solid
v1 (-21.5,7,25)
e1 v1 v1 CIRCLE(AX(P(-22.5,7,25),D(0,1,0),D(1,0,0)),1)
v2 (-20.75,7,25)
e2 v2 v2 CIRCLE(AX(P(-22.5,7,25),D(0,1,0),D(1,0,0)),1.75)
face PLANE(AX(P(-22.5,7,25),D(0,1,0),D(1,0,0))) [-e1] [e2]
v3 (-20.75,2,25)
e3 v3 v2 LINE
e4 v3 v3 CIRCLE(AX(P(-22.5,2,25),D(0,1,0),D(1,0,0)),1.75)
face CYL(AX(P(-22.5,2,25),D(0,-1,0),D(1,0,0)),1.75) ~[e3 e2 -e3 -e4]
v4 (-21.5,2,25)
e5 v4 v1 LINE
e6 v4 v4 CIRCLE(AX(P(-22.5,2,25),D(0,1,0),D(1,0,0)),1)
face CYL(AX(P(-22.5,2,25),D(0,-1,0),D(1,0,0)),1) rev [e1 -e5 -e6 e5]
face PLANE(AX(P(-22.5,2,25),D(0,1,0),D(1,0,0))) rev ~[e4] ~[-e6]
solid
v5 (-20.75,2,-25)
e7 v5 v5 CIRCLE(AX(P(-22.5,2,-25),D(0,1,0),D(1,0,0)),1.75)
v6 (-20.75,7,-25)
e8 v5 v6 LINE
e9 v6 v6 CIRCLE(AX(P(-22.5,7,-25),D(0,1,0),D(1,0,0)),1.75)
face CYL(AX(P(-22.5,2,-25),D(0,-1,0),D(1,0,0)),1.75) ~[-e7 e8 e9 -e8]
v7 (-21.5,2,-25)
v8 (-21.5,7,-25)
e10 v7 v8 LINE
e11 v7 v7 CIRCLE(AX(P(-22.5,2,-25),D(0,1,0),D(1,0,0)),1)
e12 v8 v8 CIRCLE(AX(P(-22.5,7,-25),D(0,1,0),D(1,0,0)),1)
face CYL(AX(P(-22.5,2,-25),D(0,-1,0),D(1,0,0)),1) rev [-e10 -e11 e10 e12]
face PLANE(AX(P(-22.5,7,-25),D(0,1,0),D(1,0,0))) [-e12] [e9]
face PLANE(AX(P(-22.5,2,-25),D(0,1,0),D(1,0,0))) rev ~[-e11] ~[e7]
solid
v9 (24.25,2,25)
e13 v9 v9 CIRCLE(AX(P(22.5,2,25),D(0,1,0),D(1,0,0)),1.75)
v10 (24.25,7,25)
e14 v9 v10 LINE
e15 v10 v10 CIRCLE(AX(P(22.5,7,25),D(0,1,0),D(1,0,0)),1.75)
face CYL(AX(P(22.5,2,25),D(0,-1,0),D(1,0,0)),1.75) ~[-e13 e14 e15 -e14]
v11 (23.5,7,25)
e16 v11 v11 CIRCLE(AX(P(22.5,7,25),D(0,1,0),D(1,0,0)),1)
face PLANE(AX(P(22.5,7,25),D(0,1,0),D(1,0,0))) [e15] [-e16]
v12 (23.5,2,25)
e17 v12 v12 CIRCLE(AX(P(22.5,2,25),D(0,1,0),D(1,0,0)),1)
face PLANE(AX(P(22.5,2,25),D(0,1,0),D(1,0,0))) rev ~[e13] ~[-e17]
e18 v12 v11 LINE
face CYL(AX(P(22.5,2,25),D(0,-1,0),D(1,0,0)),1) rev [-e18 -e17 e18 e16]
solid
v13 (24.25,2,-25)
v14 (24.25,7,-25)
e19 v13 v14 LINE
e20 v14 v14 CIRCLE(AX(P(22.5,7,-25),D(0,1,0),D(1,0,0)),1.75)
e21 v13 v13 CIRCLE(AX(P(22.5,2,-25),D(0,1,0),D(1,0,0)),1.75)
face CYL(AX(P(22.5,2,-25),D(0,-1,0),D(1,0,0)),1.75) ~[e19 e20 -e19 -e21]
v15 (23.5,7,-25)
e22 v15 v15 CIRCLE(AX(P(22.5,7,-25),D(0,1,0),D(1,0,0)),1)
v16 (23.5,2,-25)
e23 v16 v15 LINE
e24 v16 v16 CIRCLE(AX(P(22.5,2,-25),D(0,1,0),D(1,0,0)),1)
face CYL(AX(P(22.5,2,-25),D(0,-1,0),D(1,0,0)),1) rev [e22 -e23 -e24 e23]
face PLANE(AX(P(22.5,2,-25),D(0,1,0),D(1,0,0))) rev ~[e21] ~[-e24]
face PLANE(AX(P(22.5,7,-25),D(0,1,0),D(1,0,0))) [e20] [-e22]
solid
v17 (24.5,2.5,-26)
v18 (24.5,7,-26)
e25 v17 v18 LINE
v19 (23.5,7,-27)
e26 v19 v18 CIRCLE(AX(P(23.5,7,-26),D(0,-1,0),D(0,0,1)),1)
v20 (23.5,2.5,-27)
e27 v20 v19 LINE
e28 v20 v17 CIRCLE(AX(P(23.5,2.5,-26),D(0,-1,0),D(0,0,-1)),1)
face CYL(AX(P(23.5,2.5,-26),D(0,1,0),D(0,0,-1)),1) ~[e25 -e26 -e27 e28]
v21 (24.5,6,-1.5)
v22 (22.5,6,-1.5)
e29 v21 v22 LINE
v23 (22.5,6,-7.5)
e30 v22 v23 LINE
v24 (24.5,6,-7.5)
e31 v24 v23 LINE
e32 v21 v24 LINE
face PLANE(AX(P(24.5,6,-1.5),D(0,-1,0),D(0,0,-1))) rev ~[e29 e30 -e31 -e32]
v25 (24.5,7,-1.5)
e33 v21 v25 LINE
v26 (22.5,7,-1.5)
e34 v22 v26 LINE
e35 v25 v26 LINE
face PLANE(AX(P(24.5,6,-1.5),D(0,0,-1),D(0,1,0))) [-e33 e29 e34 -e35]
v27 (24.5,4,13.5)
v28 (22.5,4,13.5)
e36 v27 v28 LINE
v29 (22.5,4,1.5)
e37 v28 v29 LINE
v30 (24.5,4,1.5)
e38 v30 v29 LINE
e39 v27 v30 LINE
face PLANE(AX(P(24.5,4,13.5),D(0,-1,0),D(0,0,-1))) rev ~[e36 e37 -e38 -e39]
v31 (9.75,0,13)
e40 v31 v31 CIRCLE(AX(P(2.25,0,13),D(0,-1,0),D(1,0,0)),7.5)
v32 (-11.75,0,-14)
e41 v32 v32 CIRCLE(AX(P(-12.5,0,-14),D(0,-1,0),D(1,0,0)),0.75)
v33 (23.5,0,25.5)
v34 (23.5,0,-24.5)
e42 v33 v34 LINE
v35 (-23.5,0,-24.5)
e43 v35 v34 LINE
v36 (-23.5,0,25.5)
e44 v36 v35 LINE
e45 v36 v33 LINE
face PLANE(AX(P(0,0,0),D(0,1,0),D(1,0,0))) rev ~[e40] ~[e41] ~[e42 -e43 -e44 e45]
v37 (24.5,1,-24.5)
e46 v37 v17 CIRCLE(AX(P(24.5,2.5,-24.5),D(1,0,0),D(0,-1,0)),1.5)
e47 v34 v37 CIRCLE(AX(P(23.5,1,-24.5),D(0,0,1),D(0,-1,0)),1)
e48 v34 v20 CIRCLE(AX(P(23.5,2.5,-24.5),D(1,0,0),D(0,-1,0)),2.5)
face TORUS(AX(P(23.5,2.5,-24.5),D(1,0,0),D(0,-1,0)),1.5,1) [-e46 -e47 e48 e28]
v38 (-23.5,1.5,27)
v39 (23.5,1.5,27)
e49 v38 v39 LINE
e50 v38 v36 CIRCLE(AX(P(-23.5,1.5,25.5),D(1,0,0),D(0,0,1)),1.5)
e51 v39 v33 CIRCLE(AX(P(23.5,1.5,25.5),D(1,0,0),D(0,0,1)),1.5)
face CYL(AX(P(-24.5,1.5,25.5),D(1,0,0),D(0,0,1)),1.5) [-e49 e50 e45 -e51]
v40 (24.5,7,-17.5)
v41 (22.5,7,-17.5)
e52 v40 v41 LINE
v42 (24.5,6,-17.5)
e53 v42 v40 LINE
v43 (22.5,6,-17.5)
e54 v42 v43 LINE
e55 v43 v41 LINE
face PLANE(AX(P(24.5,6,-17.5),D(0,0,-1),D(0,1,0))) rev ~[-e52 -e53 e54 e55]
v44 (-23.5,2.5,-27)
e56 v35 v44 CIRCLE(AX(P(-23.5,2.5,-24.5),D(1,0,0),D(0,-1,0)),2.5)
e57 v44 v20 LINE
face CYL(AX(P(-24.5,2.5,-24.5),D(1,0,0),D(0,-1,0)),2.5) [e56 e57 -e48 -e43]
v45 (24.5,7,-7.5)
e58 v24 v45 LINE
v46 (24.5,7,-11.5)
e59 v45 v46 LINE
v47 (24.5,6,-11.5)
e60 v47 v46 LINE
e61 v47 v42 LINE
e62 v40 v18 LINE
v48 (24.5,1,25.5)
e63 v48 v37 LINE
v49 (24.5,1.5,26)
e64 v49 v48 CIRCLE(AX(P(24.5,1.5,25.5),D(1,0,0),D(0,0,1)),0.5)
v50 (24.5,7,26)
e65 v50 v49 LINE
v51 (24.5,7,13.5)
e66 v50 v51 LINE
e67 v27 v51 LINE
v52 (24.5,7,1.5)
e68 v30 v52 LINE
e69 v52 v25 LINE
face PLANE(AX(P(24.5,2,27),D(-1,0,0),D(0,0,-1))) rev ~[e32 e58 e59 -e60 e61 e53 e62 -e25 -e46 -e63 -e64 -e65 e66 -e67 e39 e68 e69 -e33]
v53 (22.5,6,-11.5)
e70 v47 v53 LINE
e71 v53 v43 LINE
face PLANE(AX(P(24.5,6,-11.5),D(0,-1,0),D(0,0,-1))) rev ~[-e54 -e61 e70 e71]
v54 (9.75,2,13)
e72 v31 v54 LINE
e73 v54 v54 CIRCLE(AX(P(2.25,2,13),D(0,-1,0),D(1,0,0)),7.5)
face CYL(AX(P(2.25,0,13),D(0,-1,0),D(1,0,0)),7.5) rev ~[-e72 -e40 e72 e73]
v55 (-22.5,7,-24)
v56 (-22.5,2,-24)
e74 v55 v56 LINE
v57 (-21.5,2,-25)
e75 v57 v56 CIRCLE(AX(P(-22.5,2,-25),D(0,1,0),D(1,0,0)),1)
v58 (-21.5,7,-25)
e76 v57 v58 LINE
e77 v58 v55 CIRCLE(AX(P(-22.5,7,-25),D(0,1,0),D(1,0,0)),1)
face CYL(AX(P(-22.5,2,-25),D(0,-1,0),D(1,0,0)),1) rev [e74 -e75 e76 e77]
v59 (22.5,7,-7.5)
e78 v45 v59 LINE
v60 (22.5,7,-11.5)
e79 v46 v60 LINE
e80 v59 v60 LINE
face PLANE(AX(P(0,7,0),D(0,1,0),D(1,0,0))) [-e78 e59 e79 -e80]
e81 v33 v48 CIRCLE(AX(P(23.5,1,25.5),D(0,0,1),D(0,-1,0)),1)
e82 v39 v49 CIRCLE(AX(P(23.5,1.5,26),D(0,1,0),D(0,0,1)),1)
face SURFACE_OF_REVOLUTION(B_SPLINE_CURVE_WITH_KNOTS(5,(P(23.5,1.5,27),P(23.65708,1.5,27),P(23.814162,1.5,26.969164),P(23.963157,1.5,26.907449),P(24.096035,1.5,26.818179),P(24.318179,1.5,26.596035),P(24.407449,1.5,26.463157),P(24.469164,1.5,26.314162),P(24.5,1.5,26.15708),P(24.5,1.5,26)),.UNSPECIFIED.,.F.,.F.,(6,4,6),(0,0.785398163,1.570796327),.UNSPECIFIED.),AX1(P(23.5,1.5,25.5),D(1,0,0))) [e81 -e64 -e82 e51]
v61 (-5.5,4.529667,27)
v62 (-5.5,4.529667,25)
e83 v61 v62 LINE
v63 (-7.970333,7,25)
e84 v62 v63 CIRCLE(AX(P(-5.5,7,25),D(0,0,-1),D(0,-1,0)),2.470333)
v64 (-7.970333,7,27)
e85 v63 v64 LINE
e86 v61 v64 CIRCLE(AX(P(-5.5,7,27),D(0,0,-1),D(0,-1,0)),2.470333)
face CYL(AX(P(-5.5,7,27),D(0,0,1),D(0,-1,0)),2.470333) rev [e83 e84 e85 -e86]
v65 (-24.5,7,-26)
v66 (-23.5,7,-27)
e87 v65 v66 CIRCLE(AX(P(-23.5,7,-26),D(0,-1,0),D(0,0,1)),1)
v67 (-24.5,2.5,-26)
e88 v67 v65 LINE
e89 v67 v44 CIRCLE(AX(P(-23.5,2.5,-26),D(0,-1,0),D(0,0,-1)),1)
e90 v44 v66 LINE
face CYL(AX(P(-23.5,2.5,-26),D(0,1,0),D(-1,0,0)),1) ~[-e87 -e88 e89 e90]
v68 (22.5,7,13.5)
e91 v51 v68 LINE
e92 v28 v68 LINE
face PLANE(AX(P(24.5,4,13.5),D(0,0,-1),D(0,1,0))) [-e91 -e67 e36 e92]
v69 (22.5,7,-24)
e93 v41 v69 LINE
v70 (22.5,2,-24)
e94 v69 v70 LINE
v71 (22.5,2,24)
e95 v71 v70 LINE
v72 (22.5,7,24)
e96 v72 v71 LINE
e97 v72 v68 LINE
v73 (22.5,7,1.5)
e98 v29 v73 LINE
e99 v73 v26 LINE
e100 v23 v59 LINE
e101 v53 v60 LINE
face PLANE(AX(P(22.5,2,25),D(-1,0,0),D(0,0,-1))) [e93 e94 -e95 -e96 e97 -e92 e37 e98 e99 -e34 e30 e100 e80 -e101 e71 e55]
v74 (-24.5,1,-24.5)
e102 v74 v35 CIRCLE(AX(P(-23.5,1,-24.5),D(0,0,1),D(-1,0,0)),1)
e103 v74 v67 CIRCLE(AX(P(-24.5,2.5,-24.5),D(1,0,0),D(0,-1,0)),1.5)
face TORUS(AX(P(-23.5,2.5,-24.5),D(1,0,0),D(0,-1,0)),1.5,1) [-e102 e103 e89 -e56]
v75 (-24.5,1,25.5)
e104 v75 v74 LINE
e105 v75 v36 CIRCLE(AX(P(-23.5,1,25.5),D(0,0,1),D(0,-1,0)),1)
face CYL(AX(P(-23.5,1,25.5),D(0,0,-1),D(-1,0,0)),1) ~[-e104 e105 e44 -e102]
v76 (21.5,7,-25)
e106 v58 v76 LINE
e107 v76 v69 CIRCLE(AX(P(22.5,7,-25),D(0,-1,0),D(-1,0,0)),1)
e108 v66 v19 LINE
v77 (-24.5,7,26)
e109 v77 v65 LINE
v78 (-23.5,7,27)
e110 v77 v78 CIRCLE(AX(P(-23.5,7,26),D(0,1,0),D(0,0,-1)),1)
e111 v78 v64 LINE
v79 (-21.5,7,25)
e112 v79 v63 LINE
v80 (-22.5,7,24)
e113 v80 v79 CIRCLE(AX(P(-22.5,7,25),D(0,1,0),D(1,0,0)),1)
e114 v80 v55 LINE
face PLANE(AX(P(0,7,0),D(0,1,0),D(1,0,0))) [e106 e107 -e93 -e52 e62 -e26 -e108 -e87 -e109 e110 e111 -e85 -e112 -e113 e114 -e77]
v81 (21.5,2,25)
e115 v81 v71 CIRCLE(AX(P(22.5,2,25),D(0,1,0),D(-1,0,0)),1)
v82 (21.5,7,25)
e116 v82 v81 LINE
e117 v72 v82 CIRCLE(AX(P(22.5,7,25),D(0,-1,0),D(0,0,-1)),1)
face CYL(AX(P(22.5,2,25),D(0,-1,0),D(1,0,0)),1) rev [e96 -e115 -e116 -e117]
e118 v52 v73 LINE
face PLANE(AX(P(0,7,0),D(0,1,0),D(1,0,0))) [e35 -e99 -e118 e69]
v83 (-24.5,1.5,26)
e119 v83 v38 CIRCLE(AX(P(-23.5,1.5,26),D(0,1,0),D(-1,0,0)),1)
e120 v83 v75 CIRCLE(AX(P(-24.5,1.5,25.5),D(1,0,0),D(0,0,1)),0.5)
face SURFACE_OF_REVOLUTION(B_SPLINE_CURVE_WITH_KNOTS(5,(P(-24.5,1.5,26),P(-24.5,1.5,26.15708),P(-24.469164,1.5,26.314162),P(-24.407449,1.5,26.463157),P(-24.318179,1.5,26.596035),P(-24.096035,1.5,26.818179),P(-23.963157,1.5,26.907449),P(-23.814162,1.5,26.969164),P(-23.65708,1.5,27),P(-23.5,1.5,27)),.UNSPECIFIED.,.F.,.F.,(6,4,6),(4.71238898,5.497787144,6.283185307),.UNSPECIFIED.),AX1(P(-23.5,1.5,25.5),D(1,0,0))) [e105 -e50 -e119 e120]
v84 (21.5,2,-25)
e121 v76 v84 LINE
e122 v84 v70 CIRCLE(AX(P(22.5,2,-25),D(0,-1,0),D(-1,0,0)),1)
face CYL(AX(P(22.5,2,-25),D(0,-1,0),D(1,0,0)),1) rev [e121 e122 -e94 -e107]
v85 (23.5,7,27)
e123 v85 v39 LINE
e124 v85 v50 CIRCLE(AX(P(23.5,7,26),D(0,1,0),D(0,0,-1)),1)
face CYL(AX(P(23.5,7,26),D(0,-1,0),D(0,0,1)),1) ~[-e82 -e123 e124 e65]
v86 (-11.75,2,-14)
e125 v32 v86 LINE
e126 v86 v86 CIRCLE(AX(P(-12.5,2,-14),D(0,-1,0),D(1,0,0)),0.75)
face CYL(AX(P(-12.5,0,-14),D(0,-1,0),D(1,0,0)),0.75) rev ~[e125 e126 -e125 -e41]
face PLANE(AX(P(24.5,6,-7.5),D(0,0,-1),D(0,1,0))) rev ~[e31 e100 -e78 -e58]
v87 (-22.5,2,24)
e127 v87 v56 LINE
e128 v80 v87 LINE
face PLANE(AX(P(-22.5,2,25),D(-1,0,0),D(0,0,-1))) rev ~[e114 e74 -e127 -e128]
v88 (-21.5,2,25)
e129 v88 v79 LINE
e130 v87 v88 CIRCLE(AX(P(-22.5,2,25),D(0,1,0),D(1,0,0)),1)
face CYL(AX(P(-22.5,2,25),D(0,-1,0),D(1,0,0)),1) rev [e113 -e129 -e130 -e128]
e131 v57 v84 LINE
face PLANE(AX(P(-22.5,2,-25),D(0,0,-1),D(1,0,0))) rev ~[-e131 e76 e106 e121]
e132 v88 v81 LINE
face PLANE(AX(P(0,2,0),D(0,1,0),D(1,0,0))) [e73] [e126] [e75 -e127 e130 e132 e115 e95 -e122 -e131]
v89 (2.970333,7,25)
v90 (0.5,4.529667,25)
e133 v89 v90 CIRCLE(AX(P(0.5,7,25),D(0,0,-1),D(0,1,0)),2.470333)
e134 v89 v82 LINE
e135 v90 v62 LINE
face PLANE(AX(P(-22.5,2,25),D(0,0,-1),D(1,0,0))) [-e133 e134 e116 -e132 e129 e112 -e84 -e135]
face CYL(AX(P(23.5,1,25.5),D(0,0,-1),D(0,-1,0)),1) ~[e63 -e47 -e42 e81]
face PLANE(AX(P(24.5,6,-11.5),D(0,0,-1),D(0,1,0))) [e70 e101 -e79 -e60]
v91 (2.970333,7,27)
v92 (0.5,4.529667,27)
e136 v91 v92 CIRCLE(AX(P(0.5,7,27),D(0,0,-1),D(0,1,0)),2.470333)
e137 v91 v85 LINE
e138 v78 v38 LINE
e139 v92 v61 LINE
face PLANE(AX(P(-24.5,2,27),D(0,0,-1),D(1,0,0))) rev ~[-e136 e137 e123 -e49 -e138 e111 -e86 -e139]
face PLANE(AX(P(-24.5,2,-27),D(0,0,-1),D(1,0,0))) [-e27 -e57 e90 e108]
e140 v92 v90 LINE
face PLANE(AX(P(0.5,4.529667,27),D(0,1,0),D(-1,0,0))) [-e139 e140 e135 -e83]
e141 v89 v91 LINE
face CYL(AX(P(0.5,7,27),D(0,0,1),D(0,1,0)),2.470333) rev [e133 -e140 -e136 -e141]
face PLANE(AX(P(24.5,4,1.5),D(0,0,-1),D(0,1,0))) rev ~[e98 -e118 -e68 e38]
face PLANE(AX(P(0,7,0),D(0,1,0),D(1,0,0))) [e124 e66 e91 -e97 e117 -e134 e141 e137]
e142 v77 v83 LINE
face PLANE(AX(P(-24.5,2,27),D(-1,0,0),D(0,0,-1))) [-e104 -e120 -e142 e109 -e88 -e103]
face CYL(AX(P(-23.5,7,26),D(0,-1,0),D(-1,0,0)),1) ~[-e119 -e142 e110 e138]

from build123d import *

# Parameters (mm, degrees)
SKETCH1_W             = 49
SKETCH1_H             = 54
BOSS_EXTRUDE1_DEPTH   = 2
SKETCH2_W             = 49
SKETCH2_H             = 54
SKETCH2_W_2           = 45
SKETCH2_H_2           = 50
EXTRUDE_THIN1_DEPTH   = 5
SKETCH3_W             = 12
SKETCH3_H             = 3
CUT_EXTRUDE4_DEPTH    = 2
SKETCH10_W            = 6
SKETCH10_H            = 1
CUT_EXTRUDE5_DEPTH    = 2
SKETCH11_W            = 6
SKETCH11_H            = 1
CUT_EXTRUDE6_DEPTH    = 2
SKETCH16_R            = 7.5
CUT_EXTRUDE7_DEPTH    = 2
CUT_EXTRUDE8_DEPTH    = 2
SKETCH24_R            = 0.75
CUT_EXTRUDE9_DEPTH    = 2
SKETCH26_R            = 1.75
BOSS_EXTRUDE2_DEPTH   = 5
BOSS_EXTRUDE2_2_DEPTH = 5
BOSS_EXTRUDE2_3_DEPTH = 5
BOSS_EXTRUDE2_4_DEPTH = 5
SKETCH27_R            = 1
CUT_EXTRUDE10_DEPTH   = 5
FILLET3_R             = 1.5
FILLET4_R             = 2.5
FILLET5_R             = 1


with BuildPart() as part:
    # Sketch1 → Boss-Extrude1 (new body)
    with BuildSketch(Plane(origin=(0, 0, 0), x_dir=(1, 0, 0), z_dir=(0, 1, 0))):
        Rectangle(SKETCH1_W, SKETCH1_H)
    extrude(amount=BOSS_EXTRUDE1_DEPTH)

    # Sketch2 → Extrude-Thin1 (add)
    with BuildSketch(Plane(origin=(0, 2, 0), x_dir=(1, 0, 0), z_dir=(0, 1, 0))):
        Rectangle(SKETCH2_W, SKETCH2_H)
        Rectangle(SKETCH2_W_2, SKETCH2_H_2, mode=Mode.SUBTRACT)
    extrude(amount=EXTRUDE_THIN1_DEPTH)

    # Sketch3 → Cut-Extrude4 (cut)
    with BuildSketch(Plane(origin=(24.5, 0, 0), x_dir=(0, 0, -1), z_dir=(1, 0, 0))):
        with Locations((-7.5, 5.5)):
            Rectangle(SKETCH3_W, SKETCH3_H)
    extrude(amount=-CUT_EXTRUDE4_DEPTH, mode=Mode.SUBTRACT)

    # Sketch10 → Cut-Extrude5 (cut)
    with BuildSketch(Plane(origin=(24.5, 0, 0), x_dir=(0, 0, -1), z_dir=(1, 0, 0))):
        with Locations((4.5, 6.5)):
            Rectangle(SKETCH10_W, SKETCH10_H)
    extrude(amount=-CUT_EXTRUDE5_DEPTH, mode=Mode.SUBTRACT)

    # Sketch11 → Cut-Extrude6 (cut)
    with BuildSketch(Plane(origin=(24.5, 0, 0), x_dir=(0, 0, -1), z_dir=(1, 0, 0))):
        with Locations((14.5, 6.5)):
            Rectangle(SKETCH11_W, SKETCH11_H)
    extrude(amount=-CUT_EXTRUDE6_DEPTH, mode=Mode.SUBTRACT)

    # Sketch16 → Cut-Extrude7 (cut)
    with BuildSketch(Plane.XZ):
        with Locations((2.25, 13)):
            Circle(SKETCH16_R)
    extrude(amount=-CUT_EXTRUDE7_DEPTH, mode=Mode.SUBTRACT)

    # Sketch22 → Cut-Extrude8 (cut)
    with BuildSketch(Plane.XY.offset(27)):
        with BuildLine():
            Line((0.5, 4.529666561), (-5.5, 4.529666561))
            ThreePointArc((-5.5, 4.529666561), (-7.970333439, 7), (-5.5, 9.470333439))
            Line((-5.5, 9.470333439), (0.5, 9.470333439))
            ThreePointArc((0.5, 9.470333439), (2.970333439, 7), (0.5, 4.529666561))
        make_face()
    extrude(amount=-CUT_EXTRUDE8_DEPTH, mode=Mode.SUBTRACT)

    # Sketch24 → Cut-Extrude9 (cut)
    with BuildSketch(Plane.XZ):
        with Locations((-12.5, -14)):
            Circle(SKETCH24_R)
    extrude(amount=-CUT_EXTRUDE9_DEPTH, mode=Mode.SUBTRACT)


with BuildPart() as body_2:
    # Sketch26 → Boss-Extrude2 (new body)
    with BuildSketch(Plane(origin=(0, 2, 0), x_dir=(1, 0, 0), z_dir=(0, 1, 0))):
        with Locations((-22.5, 25)):
            Circle(SKETCH26_R)
    extrude(amount=BOSS_EXTRUDE2_DEPTH)


with BuildPart() as body_3:
    # Sketch26 → Boss-Extrude2 2 (new body)
    with BuildSketch(Plane(origin=(0, 2, 0), x_dir=(1, 0, 0), z_dir=(0, 1, 0))):
        with Locations((22.5, 25)):
            Circle(SKETCH26_R)
    extrude(amount=BOSS_EXTRUDE2_2_DEPTH)


with BuildPart() as body_4:
    # Sketch26 → Boss-Extrude2 3 (new body)
    with BuildSketch(Plane(origin=(0, 2, 0), x_dir=(1, 0, 0), z_dir=(0, 1, 0))):
        with Locations((22.5, -25)):
            Circle(SKETCH26_R)
    extrude(amount=BOSS_EXTRUDE2_3_DEPTH)


with BuildPart() as body_5:
    # Sketch26 → Boss-Extrude2 4 (new body)
    with BuildSketch(Plane(origin=(0, 2, 0), x_dir=(1, 0, 0), z_dir=(0, 1, 0))):
        with Locations((-22.5, -25)):
            Circle(SKETCH26_R)
    extrude(amount=BOSS_EXTRUDE2_4_DEPTH)


with BuildPart() as cut_extrude10_tool:
    # Sketch27 → Cut-Extrude10 (new body)
    with BuildSketch(Plane(origin=(0, 2, 0), x_dir=(1, 0, 0), z_dir=(0, 1, 0))):
        with Locations((-22.5, 25)):
            Circle(SKETCH27_R)
        with Locations((22.5, 25)):
            Circle(SKETCH27_R)
        with Locations((22.5, -25)):
            Circle(SKETCH27_R)
        with Locations((-22.5, -25)):
            Circle(SKETCH27_R)
    extrude(amount=CUT_EXTRUDE10_DEPTH)


with BuildPart() as part_1:
    add(part.part)

    # Cut-Extrude10: cut by cut_extrude10_tool
    add(cut_extrude10_tool.part, mode=Mode.SUBTRACT)

    # Fillet3
    fillet3_edges = [part_1.edges().sort_by_distance(p)[0] for p in [
        (0, 0, 27),
    ]]
    fillet(fillet3_edges, radius=FILLET3_R)

    # Fillet4
    fillet4_edges = [part_1.edges().sort_by_distance(p)[0] for p in [
        (0, 0, -27),
    ]]
    fillet(fillet4_edges, radius=FILLET4_R)

    # Fillet5
    fillet5_edges = [part_1.edges().sort_by_distance(p)[0] for p in [
        (24.5, 0, 0.5),
        (24.5, 0.439339828, 26.560660172),
        (-24.5, 0.439339828, 26.560660172),
        (-24.5, 0, 0.5),
        (-24.5, 0.732233047, -26.267766953),
        (24.5, 0.732233047, -26.267766953),
        (-24.5, 4.75, -27),
        (24.5, 4.75, -27),
        (24.5, 4.25, 27),
        (-24.5, 4.25, 27),
    ]]
    fillet(fillet5_edges, radius=FILLET5_R)


with BuildPart() as body_2_1:
    add(body_2.part)

    # Cut-Extrude10: cut by cut_extrude10_tool
    add(cut_extrude10_tool.part, mode=Mode.SUBTRACT)


with BuildPart() as body_3_1:
    add(body_3.part)

    # Cut-Extrude10: cut by cut_extrude10_tool
    add(cut_extrude10_tool.part, mode=Mode.SUBTRACT)


with BuildPart() as body_4_1:
    add(body_4.part)

    # Cut-Extrude10: cut by cut_extrude10_tool
    add(cut_extrude10_tool.part, mode=Mode.SUBTRACT)


with BuildPart() as body_5_1:
    add(body_5.part)

    # Cut-Extrude10: cut by cut_extrude10_tool
    add(cut_extrude10_tool.part, mode=Mode.SUBTRACT)


solid = Compound([part_1.part, body_2_1.part, body_3_1.part, body_4_1.part, body_5_1.part])
